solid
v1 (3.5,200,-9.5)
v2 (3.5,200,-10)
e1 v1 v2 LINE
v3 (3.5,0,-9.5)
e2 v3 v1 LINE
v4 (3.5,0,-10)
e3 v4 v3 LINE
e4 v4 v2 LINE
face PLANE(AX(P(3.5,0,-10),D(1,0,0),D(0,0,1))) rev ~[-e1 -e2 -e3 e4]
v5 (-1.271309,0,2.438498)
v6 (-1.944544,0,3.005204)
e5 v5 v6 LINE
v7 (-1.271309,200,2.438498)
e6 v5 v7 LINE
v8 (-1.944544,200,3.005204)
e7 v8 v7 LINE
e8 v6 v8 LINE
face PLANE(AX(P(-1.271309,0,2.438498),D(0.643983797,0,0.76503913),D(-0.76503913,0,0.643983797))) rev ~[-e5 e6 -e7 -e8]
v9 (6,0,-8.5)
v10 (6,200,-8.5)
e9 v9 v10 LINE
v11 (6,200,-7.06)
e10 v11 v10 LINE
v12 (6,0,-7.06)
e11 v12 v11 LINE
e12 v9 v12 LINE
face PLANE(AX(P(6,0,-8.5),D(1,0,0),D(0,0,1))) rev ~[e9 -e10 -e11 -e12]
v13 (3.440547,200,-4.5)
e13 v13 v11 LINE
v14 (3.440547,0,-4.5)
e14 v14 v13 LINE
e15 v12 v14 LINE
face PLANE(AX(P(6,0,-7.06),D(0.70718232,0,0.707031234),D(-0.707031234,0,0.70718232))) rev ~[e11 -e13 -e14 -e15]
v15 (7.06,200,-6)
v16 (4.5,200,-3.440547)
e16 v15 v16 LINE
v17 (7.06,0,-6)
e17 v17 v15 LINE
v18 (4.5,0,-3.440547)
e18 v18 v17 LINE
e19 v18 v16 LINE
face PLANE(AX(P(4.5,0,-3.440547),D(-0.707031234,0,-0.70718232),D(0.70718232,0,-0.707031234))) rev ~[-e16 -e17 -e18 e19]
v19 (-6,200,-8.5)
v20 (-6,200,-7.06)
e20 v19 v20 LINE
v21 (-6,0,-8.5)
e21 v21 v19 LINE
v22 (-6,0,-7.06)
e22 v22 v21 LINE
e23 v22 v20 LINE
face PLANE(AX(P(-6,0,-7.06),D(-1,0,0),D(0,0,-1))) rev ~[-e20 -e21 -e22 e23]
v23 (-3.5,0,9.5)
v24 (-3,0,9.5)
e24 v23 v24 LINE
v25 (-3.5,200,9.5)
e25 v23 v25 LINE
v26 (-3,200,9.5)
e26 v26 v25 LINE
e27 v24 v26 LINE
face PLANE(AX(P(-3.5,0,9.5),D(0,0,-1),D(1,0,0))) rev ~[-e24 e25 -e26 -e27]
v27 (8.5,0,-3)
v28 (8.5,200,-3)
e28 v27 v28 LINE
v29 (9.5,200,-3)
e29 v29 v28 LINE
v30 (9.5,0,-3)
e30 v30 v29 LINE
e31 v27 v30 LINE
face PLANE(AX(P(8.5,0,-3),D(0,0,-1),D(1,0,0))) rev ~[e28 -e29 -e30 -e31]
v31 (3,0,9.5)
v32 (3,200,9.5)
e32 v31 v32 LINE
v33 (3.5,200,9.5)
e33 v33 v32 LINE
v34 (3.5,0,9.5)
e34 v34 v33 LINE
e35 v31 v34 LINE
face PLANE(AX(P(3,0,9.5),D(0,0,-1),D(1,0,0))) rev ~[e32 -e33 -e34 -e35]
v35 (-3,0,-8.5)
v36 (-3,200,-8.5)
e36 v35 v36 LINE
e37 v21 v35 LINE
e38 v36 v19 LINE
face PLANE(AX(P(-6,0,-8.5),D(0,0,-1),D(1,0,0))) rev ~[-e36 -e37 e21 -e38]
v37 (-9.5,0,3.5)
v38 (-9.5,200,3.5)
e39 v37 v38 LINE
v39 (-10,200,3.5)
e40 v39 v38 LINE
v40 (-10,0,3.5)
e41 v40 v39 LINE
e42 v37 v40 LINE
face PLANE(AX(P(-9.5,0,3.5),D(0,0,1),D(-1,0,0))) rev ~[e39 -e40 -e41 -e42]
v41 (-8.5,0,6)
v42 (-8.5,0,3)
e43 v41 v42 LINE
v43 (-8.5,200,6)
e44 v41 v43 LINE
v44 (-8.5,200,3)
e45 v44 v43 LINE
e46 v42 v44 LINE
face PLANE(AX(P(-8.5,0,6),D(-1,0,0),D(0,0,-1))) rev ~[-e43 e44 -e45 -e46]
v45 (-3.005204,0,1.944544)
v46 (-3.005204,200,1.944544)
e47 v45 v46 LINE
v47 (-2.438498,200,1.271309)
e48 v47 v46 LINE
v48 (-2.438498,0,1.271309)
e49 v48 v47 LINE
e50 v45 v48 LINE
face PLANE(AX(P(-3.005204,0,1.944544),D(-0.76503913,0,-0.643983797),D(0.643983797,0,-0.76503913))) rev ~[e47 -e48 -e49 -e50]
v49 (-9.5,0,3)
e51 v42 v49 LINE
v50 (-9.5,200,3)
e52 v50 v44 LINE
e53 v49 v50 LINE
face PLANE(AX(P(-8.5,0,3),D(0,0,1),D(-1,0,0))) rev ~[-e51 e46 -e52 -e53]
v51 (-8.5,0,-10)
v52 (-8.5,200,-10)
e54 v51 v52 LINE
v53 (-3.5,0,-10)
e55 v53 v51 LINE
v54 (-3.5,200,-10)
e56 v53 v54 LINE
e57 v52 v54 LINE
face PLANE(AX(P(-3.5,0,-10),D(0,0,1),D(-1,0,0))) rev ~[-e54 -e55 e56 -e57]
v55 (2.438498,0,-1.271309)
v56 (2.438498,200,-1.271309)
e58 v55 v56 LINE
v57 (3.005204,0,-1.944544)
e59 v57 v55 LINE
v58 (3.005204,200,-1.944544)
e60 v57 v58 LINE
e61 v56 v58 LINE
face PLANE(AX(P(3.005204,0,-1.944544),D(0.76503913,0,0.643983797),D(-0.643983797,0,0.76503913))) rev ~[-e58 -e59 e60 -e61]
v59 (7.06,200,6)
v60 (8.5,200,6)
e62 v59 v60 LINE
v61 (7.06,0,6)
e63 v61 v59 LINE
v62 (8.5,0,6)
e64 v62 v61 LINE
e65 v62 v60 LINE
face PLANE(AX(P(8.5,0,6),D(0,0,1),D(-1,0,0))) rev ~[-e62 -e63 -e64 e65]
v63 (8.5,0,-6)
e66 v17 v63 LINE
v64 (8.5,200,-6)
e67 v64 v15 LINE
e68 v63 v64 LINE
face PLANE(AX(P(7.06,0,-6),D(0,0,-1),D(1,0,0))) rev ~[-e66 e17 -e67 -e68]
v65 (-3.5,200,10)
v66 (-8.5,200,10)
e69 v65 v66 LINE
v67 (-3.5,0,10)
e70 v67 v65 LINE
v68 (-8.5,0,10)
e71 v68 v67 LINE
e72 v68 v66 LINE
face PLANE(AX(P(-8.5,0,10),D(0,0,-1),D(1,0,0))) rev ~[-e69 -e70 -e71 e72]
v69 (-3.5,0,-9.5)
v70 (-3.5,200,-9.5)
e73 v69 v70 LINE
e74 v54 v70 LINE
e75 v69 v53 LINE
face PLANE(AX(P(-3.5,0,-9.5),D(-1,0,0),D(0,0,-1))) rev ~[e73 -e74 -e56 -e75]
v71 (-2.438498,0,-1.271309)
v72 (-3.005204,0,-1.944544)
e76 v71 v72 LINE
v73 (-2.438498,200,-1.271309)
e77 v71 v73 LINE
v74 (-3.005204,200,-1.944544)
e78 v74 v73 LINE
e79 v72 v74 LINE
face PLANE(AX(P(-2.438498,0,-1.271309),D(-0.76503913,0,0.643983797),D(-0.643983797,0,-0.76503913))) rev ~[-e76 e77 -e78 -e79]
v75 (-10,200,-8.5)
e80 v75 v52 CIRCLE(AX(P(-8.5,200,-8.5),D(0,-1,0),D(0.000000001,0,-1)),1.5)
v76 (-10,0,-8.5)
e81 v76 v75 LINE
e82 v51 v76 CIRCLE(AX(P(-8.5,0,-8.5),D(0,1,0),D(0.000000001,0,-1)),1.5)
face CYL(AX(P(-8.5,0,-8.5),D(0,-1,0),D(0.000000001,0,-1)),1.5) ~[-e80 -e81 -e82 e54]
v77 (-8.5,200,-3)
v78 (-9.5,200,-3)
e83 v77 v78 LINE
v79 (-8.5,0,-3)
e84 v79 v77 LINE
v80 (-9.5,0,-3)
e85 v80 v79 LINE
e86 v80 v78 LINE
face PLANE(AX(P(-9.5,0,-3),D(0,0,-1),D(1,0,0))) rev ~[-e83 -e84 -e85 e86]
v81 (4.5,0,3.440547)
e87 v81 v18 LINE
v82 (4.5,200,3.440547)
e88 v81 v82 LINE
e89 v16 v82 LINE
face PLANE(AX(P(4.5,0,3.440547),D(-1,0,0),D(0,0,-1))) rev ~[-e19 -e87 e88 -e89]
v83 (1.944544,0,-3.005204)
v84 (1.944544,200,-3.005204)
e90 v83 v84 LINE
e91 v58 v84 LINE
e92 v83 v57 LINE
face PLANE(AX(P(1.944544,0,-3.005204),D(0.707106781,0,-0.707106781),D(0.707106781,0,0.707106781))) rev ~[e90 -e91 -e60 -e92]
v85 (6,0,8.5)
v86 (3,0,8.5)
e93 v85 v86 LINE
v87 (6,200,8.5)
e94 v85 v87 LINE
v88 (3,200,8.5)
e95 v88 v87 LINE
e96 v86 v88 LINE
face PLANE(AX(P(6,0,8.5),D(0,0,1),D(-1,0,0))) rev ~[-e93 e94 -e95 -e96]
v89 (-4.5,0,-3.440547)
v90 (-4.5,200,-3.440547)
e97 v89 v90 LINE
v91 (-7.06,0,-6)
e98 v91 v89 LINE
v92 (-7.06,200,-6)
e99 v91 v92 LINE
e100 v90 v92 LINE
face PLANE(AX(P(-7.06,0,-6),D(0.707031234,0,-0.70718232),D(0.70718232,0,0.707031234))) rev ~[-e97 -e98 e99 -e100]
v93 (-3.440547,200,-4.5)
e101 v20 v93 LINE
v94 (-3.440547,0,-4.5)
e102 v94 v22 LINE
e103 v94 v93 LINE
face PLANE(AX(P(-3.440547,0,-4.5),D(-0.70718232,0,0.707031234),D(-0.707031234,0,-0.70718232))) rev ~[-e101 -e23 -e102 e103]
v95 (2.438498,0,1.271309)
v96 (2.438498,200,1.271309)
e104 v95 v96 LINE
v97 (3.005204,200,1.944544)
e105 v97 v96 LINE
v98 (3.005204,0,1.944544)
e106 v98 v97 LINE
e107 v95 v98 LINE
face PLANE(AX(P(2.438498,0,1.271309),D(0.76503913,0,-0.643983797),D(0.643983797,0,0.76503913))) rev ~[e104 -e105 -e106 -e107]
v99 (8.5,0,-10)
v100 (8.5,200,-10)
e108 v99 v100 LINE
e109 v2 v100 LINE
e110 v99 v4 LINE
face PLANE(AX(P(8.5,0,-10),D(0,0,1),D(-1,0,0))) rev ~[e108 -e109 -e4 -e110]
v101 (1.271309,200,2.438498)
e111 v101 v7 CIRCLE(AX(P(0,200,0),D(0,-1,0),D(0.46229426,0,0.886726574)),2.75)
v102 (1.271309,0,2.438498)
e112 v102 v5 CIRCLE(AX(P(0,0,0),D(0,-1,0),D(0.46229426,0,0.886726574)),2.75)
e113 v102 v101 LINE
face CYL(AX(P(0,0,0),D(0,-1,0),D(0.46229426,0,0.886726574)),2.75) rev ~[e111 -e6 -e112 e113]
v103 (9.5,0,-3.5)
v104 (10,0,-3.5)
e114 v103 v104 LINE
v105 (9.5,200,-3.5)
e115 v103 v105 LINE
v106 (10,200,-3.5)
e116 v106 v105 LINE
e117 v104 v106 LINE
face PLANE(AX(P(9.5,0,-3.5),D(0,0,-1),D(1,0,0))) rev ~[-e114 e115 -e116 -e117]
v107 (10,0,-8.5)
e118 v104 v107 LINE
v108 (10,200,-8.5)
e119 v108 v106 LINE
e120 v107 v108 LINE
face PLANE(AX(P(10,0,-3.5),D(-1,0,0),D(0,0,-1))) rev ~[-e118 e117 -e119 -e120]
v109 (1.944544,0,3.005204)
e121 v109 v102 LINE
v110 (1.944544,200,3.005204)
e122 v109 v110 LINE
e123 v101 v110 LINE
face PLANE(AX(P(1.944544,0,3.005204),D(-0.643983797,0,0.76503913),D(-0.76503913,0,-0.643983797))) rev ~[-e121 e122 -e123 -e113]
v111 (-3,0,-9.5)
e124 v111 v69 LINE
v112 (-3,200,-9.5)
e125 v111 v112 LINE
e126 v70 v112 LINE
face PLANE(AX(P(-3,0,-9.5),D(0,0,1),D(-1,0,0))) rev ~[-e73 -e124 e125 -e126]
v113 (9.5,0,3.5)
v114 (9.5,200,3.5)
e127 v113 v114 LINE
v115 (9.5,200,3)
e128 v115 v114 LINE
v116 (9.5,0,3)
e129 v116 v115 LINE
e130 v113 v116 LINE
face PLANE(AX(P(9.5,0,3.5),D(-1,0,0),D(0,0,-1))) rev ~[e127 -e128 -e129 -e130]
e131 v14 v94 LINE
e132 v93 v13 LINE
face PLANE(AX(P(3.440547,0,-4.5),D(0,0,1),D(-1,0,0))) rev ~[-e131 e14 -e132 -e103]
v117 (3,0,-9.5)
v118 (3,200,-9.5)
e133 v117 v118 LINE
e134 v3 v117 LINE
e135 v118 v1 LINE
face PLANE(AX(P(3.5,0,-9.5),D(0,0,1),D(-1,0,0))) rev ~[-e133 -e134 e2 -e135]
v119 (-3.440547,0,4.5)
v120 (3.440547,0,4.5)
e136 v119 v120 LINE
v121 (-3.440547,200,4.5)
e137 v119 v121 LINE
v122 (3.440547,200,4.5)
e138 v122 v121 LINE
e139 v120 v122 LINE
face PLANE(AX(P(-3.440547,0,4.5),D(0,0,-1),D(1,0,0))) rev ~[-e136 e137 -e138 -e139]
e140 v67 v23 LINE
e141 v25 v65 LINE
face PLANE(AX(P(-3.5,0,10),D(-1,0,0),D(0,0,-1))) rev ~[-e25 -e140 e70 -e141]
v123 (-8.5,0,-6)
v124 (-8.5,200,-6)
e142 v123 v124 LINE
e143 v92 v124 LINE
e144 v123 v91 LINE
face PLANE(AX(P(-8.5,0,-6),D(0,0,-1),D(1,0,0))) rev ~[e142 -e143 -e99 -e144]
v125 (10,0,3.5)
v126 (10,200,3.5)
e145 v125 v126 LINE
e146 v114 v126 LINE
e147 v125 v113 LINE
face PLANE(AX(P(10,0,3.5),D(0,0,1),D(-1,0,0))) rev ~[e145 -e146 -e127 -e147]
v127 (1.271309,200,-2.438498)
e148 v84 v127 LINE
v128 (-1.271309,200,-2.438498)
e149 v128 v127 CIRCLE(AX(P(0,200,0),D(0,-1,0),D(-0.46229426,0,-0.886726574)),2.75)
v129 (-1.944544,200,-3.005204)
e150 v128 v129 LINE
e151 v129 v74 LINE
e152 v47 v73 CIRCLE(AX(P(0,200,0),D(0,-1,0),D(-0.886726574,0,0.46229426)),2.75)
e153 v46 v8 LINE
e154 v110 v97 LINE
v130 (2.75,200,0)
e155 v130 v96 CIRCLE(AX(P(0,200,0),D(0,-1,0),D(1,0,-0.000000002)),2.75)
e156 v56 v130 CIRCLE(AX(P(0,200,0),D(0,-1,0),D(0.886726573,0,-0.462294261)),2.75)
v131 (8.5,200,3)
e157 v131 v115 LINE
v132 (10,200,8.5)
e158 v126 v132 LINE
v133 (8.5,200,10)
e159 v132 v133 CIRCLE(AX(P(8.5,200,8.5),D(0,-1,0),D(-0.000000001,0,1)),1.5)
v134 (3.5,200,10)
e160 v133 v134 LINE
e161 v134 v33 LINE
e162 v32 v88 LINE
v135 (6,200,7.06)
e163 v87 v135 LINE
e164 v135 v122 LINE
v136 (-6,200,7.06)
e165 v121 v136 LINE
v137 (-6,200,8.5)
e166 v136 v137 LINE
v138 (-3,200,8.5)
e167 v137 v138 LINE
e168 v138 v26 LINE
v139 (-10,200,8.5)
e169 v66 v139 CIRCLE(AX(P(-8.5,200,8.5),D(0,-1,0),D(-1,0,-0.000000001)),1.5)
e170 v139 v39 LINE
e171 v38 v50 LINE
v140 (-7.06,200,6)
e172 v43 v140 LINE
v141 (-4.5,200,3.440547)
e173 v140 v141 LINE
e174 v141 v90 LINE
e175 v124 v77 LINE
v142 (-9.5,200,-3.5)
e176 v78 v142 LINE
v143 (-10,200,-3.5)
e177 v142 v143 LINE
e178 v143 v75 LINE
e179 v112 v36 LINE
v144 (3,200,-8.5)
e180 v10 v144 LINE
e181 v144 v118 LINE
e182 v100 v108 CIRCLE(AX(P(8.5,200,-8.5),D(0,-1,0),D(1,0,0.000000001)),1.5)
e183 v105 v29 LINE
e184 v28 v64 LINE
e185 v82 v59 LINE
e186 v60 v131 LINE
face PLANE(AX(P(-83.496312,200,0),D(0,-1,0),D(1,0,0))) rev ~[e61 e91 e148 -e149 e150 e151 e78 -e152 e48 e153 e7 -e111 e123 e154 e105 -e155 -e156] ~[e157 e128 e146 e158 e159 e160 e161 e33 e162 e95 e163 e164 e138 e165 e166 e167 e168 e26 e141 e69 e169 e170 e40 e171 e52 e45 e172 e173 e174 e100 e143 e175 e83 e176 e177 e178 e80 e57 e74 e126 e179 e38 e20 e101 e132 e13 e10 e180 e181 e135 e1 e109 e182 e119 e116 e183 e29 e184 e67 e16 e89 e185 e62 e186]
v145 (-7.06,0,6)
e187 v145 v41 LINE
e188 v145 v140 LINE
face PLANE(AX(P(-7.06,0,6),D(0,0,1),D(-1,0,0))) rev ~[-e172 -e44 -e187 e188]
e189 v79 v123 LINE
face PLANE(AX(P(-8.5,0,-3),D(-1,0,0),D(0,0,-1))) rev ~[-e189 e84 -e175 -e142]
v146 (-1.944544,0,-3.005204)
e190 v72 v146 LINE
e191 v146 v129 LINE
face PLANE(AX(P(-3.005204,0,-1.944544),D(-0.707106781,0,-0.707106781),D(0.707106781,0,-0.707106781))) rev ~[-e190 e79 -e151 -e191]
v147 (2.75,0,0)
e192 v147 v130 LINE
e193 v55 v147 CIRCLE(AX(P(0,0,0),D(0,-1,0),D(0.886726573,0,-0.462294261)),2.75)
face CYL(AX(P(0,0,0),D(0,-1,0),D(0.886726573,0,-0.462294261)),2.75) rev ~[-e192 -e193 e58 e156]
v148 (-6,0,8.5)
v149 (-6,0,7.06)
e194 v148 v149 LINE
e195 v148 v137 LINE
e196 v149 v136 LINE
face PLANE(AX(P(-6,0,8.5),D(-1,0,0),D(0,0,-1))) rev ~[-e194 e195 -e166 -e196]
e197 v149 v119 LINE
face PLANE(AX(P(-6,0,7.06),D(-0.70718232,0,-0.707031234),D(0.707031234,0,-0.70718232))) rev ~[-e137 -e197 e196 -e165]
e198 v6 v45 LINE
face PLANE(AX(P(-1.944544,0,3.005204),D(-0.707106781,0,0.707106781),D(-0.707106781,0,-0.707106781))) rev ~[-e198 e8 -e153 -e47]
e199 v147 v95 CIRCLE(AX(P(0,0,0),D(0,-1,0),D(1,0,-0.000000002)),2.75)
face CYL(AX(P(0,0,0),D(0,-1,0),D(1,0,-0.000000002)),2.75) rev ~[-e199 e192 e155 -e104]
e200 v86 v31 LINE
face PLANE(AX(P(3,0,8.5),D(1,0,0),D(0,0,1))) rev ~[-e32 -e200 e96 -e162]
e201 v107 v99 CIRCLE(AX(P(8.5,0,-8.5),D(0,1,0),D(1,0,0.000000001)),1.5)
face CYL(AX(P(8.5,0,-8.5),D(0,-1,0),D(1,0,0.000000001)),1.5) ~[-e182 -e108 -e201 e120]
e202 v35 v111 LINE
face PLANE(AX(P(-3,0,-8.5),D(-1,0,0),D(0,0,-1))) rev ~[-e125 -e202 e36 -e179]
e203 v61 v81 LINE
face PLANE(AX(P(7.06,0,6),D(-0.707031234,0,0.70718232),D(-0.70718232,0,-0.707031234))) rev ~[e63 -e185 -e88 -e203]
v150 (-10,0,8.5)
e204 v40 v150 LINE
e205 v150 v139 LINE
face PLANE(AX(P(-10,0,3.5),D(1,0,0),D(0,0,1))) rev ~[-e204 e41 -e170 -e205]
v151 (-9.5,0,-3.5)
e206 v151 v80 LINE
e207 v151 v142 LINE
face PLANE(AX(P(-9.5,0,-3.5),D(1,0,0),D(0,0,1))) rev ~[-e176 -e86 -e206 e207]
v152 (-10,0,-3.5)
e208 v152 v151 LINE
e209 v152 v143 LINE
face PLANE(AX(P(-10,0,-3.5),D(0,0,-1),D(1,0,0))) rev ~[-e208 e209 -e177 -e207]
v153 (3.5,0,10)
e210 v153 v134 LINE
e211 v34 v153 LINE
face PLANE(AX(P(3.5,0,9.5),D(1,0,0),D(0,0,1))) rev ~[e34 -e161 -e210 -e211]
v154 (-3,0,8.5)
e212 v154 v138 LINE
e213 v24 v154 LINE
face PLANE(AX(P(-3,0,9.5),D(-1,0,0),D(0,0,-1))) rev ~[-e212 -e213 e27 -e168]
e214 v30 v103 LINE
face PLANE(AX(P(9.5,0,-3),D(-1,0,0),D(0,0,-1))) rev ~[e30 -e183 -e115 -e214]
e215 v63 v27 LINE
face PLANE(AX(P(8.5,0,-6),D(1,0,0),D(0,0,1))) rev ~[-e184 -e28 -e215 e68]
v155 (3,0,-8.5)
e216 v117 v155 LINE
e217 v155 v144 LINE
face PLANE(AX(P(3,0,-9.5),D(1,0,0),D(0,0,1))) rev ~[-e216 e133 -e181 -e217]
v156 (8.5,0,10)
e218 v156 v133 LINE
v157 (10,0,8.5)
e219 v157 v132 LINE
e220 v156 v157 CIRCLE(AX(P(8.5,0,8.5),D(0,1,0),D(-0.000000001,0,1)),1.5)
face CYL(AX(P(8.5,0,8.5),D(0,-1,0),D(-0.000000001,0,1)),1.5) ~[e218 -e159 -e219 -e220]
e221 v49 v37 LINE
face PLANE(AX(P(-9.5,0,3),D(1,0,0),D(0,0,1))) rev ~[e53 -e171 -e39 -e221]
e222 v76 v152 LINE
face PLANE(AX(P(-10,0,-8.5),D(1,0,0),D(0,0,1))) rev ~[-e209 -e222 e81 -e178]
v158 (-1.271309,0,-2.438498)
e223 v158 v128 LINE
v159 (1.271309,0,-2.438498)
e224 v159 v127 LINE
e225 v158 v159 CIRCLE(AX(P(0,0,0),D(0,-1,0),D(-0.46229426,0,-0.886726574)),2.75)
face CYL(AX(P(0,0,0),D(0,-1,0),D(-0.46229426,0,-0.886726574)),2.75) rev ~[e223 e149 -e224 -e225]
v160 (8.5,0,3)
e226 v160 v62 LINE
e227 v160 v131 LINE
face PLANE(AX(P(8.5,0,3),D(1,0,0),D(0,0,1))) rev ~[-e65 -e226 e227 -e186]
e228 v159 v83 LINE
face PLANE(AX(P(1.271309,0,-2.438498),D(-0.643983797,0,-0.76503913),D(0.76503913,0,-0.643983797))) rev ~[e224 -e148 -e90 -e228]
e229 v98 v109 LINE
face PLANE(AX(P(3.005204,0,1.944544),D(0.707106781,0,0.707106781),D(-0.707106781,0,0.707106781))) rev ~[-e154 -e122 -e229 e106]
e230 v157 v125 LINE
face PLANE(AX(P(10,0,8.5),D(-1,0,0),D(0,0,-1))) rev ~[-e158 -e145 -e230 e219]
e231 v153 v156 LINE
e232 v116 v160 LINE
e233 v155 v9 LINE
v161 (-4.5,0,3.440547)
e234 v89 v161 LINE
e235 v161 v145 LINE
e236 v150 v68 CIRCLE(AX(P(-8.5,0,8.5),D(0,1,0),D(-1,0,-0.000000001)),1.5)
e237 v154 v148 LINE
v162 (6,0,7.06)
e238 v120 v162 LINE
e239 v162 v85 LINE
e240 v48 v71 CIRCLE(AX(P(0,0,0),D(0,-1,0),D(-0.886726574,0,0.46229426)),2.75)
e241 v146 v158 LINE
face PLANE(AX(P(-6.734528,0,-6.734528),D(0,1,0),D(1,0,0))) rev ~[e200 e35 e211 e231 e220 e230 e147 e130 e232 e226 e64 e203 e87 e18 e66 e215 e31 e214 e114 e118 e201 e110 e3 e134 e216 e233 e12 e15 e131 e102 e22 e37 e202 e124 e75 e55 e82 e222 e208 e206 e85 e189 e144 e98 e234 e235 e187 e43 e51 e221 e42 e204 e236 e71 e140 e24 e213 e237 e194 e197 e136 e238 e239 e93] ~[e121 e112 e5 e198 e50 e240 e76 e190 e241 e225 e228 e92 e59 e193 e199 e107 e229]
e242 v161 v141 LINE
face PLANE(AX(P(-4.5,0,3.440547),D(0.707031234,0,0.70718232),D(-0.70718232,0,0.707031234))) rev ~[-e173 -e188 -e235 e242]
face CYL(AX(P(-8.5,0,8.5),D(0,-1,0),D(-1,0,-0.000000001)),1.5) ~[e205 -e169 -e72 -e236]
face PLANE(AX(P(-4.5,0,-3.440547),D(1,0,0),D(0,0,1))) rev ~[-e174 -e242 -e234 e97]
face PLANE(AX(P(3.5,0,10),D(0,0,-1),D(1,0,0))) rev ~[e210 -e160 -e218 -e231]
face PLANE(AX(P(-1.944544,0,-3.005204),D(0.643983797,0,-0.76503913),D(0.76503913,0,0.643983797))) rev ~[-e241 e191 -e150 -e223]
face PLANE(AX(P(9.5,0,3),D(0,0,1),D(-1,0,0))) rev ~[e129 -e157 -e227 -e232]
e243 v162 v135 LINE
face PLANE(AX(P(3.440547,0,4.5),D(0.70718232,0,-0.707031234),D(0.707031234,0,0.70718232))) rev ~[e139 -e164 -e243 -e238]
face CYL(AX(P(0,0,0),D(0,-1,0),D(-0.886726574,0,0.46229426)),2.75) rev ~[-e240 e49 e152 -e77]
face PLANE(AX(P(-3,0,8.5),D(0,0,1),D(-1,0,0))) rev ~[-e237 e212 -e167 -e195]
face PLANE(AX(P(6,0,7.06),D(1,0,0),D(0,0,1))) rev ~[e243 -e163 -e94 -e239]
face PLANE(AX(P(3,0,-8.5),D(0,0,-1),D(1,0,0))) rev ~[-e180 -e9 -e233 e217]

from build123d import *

# Parameters (mm, degrees)
DODANIE_WYCI_GNI_CIE1_DEPTH     = 807
SCHNITT_LINEAR_AUSTRAGEN1_DEPTH = 20


with BuildPart() as part:
    # Szkic1 → Dodanie-wyciągnięcie1 (new body)
    with BuildSketch(Plane(origin=(0, 0, 0), x_dir=(1, 0, 0), z_dir=(0, 1, 0))):
        with BuildLine():
            Line((-7.06, 6), (-4.5, 3.440546933))
            Line((-4.5, 3.440546933), (-4.5, 4.5))
            Line((-4.5, 4.5), (-3.440546933, 4.5))
            Line((-3.440546933, 4.5), (-6, 7.06))
            Line((-6, 7.06), (-6, 8.5))
            Line((-6, 8.5), (-3, 8.5))
            Line((-3, 8.5), (-3, 9.5))
            Line((-3, 9.5), (-3.5, 9.5))
            Line((-3.5, 9.5), (-3.5, 10))
            Line((-3.5, 10), (-8.5, 10))
            ThreePointArc((-8.5, 10), (-9.560660172, 9.560660172), (-10, 8.5))
            Line((-10, 8.5), (-10, 3.5))
            Line((-10, 3.5), (-9.5, 3.5))
            Line((-9.5, 3.5), (-9.5, 3))
            Line((-9.5, 3), (-8.5, 3))
            Line((-8.5, 3), (-8.5, 6))
            Line((-8.5, 6), (-7.06, 6))
        make_face()
        with BuildLine():
            Line((4.5, 4.5), (4.5, 3.440546933))
            Line((4.5, 3.440546933), (7.06, 6))
            Line((7.06, 6), (8.5, 6))
            Line((8.5, 6), (8.5, 3))
            Line((8.5, 3), (9.5, 3))
            Line((9.5, 3), (9.5, 3.5))
            Line((9.5, 3.5), (10, 3.5))
            Line((10, 3.5), (10, 8.5))
            ThreePointArc((10, 8.5), (9.560660172, 9.560660172), (8.5, 10))
            Line((8.5, 10), (3.5, 10))
            Line((3.5, 10), (3.5, 9.5))
            Line((3.5, 9.5), (3, 9.5))
            Line((3, 9.5), (3, 8.5))
            Line((3, 8.5), (6, 8.5))
            Line((6, 8.5), (6, 7.06))
            Line((6, 7.06), (3.440546933, 4.5))
            Line((3.440546933, 4.5), (4.5, 4.5))
        make_face()
        Polygon((3.440546933, -4.5), (4.5, -4.5), (4.5, -3.440546933), (4.5, 3.440546933), (4.5, 4.5), (3.440546933, 4.5), (-3.440546933, 4.5), (-4.5, 4.5), (-4.5, 3.440546933), (-4.5, -3.440546933), (-4.5, -4.5), (-3.440546933, -4.5), align=None)
        with BuildLine():
            Line((-3.00520382, 1.944543648), (-1.944543648, 3.00520382))
            Line((-1.944543648, 3.00520382), (-1.271309214, 2.438498079))
            ThreePointArc((-1.271309214, 2.438498079), (0, 2.75), (1.271309214, 2.438498079))
            Line((1.271309214, 2.438498079), (1.944543648, 3.00520382))
            Line((1.944543648, 3.00520382), (3.00520382, 1.944543648))
            Line((3.00520382, 1.944543648), (2.438498079, 1.271309214))
            ThreePointArc((2.438498079, 1.271309214), (2.670989491, 0.654457899), (2.75, 0))
            ThreePointArc((2.75, 0), (2.670989491, -0.654457899), (2.438498079, -1.271309214))
            Line((2.438498079, -1.271309214), (3.00520382, -1.944543648))
            Line((3.00520382, -1.944543648), (1.944543648, -3.00520382))
            Line((1.944543648, -3.00520382), (1.271309214, -2.438498079))
            ThreePointArc((1.271309214, -2.438498079), (0, -2.75), (-1.271309214, -2.438498079))
            Line((-1.271309214, -2.438498079), (-1.944543648, -3.00520382))
            Line((-1.944543648, -3.00520382), (-3.00520382, -1.944543648))
            Line((-3.00520382, -1.944543648), (-2.438498079, -1.271309214))
            ThreePointArc((-2.438498079, -1.271309214), (-2.75, 0), (-2.438498079, 1.271309214))
            Line((-2.438498079, 1.271309214), (-3.00520382, 1.944543648))
        make_face(mode=Mode.SUBTRACT)
        with BuildLine():
            Line((-6, -7.06), (-3.440546933, -4.5))
            Line((-3.440546933, -4.5), (-4.5, -4.5))
            Line((-4.5, -4.5), (-4.5, -3.440546933))
            Line((-4.5, -3.440546933), (-7.06, -6))
            Line((-7.06, -6), (-8.5, -6))
            Line((-8.5, -6), (-8.5, -3))
            Line((-8.5, -3), (-9.5, -3))
            Line((-9.5, -3), (-9.5, -3.5))
            Line((-9.5, -3.5), (-10, -3.5))
            Line((-10, -3.5), (-10, -8.5))
            ThreePointArc((-10, -8.5), (-9.560660172, -9.560660172), (-8.5, -10))
            Line((-8.5, -10), (-3.5, -10))
            Line((-3.5, -10), (-3.5, -9.5))
            Line((-3.5, -9.5), (-3, -9.5))
            Line((-3, -9.5), (-3, -8.5))
            Line((-3, -8.5), (-6, -8.5))
            Line((-6, -8.5), (-6, -7.06))
        make_face()
        with BuildLine():
            Line((4.5, -3.440546933), (4.5, -4.5))
            Line((4.5, -4.5), (3.440546933, -4.5))
            Line((3.440546933, -4.5), (6, -7.06))
            Line((6, -7.06), (6, -8.5))
            Line((6, -8.5), (3, -8.5))
            Line((3, -8.5), (3, -9.5))
            Line((3, -9.5), (3.5, -9.5))
            Line((3.5, -9.5), (3.5, -10))
            Line((3.5, -10), (8.5, -10))
            ThreePointArc((8.5, -10), (9.560660172, -9.560660172), (10, -8.5))
            Line((10, -8.5), (10, -3.5))
            Line((10, -3.5), (9.5, -3.5))
            Line((9.5, -3.5), (9.5, -3))
            Line((9.5, -3), (8.5, -3))
            Line((8.5, -3), (8.5, -6))
            Line((8.5, -6), (7.06, -6))
            Line((7.06, -6), (4.5, -3.440546933))
        make_face()
    extrude(amount=DODANIE_WYCI_GNI_CIE1_DEPTH)

    # Skizze1 → Schnitt-Linear austragen1 (cut, symmetric)
    with BuildSketch(Plane.XY):
        Polygon((-83.496312338, 200), (63.910757592, 200), (55.14879889, 860.754768005), (-83.496312338, 858.91626029), align=None)
    extrude(amount=SCHNITT_LINEAR_AUSTRAGEN1_DEPTH, both=True, mode=Mode.SUBTRACT)


solid = part.part
